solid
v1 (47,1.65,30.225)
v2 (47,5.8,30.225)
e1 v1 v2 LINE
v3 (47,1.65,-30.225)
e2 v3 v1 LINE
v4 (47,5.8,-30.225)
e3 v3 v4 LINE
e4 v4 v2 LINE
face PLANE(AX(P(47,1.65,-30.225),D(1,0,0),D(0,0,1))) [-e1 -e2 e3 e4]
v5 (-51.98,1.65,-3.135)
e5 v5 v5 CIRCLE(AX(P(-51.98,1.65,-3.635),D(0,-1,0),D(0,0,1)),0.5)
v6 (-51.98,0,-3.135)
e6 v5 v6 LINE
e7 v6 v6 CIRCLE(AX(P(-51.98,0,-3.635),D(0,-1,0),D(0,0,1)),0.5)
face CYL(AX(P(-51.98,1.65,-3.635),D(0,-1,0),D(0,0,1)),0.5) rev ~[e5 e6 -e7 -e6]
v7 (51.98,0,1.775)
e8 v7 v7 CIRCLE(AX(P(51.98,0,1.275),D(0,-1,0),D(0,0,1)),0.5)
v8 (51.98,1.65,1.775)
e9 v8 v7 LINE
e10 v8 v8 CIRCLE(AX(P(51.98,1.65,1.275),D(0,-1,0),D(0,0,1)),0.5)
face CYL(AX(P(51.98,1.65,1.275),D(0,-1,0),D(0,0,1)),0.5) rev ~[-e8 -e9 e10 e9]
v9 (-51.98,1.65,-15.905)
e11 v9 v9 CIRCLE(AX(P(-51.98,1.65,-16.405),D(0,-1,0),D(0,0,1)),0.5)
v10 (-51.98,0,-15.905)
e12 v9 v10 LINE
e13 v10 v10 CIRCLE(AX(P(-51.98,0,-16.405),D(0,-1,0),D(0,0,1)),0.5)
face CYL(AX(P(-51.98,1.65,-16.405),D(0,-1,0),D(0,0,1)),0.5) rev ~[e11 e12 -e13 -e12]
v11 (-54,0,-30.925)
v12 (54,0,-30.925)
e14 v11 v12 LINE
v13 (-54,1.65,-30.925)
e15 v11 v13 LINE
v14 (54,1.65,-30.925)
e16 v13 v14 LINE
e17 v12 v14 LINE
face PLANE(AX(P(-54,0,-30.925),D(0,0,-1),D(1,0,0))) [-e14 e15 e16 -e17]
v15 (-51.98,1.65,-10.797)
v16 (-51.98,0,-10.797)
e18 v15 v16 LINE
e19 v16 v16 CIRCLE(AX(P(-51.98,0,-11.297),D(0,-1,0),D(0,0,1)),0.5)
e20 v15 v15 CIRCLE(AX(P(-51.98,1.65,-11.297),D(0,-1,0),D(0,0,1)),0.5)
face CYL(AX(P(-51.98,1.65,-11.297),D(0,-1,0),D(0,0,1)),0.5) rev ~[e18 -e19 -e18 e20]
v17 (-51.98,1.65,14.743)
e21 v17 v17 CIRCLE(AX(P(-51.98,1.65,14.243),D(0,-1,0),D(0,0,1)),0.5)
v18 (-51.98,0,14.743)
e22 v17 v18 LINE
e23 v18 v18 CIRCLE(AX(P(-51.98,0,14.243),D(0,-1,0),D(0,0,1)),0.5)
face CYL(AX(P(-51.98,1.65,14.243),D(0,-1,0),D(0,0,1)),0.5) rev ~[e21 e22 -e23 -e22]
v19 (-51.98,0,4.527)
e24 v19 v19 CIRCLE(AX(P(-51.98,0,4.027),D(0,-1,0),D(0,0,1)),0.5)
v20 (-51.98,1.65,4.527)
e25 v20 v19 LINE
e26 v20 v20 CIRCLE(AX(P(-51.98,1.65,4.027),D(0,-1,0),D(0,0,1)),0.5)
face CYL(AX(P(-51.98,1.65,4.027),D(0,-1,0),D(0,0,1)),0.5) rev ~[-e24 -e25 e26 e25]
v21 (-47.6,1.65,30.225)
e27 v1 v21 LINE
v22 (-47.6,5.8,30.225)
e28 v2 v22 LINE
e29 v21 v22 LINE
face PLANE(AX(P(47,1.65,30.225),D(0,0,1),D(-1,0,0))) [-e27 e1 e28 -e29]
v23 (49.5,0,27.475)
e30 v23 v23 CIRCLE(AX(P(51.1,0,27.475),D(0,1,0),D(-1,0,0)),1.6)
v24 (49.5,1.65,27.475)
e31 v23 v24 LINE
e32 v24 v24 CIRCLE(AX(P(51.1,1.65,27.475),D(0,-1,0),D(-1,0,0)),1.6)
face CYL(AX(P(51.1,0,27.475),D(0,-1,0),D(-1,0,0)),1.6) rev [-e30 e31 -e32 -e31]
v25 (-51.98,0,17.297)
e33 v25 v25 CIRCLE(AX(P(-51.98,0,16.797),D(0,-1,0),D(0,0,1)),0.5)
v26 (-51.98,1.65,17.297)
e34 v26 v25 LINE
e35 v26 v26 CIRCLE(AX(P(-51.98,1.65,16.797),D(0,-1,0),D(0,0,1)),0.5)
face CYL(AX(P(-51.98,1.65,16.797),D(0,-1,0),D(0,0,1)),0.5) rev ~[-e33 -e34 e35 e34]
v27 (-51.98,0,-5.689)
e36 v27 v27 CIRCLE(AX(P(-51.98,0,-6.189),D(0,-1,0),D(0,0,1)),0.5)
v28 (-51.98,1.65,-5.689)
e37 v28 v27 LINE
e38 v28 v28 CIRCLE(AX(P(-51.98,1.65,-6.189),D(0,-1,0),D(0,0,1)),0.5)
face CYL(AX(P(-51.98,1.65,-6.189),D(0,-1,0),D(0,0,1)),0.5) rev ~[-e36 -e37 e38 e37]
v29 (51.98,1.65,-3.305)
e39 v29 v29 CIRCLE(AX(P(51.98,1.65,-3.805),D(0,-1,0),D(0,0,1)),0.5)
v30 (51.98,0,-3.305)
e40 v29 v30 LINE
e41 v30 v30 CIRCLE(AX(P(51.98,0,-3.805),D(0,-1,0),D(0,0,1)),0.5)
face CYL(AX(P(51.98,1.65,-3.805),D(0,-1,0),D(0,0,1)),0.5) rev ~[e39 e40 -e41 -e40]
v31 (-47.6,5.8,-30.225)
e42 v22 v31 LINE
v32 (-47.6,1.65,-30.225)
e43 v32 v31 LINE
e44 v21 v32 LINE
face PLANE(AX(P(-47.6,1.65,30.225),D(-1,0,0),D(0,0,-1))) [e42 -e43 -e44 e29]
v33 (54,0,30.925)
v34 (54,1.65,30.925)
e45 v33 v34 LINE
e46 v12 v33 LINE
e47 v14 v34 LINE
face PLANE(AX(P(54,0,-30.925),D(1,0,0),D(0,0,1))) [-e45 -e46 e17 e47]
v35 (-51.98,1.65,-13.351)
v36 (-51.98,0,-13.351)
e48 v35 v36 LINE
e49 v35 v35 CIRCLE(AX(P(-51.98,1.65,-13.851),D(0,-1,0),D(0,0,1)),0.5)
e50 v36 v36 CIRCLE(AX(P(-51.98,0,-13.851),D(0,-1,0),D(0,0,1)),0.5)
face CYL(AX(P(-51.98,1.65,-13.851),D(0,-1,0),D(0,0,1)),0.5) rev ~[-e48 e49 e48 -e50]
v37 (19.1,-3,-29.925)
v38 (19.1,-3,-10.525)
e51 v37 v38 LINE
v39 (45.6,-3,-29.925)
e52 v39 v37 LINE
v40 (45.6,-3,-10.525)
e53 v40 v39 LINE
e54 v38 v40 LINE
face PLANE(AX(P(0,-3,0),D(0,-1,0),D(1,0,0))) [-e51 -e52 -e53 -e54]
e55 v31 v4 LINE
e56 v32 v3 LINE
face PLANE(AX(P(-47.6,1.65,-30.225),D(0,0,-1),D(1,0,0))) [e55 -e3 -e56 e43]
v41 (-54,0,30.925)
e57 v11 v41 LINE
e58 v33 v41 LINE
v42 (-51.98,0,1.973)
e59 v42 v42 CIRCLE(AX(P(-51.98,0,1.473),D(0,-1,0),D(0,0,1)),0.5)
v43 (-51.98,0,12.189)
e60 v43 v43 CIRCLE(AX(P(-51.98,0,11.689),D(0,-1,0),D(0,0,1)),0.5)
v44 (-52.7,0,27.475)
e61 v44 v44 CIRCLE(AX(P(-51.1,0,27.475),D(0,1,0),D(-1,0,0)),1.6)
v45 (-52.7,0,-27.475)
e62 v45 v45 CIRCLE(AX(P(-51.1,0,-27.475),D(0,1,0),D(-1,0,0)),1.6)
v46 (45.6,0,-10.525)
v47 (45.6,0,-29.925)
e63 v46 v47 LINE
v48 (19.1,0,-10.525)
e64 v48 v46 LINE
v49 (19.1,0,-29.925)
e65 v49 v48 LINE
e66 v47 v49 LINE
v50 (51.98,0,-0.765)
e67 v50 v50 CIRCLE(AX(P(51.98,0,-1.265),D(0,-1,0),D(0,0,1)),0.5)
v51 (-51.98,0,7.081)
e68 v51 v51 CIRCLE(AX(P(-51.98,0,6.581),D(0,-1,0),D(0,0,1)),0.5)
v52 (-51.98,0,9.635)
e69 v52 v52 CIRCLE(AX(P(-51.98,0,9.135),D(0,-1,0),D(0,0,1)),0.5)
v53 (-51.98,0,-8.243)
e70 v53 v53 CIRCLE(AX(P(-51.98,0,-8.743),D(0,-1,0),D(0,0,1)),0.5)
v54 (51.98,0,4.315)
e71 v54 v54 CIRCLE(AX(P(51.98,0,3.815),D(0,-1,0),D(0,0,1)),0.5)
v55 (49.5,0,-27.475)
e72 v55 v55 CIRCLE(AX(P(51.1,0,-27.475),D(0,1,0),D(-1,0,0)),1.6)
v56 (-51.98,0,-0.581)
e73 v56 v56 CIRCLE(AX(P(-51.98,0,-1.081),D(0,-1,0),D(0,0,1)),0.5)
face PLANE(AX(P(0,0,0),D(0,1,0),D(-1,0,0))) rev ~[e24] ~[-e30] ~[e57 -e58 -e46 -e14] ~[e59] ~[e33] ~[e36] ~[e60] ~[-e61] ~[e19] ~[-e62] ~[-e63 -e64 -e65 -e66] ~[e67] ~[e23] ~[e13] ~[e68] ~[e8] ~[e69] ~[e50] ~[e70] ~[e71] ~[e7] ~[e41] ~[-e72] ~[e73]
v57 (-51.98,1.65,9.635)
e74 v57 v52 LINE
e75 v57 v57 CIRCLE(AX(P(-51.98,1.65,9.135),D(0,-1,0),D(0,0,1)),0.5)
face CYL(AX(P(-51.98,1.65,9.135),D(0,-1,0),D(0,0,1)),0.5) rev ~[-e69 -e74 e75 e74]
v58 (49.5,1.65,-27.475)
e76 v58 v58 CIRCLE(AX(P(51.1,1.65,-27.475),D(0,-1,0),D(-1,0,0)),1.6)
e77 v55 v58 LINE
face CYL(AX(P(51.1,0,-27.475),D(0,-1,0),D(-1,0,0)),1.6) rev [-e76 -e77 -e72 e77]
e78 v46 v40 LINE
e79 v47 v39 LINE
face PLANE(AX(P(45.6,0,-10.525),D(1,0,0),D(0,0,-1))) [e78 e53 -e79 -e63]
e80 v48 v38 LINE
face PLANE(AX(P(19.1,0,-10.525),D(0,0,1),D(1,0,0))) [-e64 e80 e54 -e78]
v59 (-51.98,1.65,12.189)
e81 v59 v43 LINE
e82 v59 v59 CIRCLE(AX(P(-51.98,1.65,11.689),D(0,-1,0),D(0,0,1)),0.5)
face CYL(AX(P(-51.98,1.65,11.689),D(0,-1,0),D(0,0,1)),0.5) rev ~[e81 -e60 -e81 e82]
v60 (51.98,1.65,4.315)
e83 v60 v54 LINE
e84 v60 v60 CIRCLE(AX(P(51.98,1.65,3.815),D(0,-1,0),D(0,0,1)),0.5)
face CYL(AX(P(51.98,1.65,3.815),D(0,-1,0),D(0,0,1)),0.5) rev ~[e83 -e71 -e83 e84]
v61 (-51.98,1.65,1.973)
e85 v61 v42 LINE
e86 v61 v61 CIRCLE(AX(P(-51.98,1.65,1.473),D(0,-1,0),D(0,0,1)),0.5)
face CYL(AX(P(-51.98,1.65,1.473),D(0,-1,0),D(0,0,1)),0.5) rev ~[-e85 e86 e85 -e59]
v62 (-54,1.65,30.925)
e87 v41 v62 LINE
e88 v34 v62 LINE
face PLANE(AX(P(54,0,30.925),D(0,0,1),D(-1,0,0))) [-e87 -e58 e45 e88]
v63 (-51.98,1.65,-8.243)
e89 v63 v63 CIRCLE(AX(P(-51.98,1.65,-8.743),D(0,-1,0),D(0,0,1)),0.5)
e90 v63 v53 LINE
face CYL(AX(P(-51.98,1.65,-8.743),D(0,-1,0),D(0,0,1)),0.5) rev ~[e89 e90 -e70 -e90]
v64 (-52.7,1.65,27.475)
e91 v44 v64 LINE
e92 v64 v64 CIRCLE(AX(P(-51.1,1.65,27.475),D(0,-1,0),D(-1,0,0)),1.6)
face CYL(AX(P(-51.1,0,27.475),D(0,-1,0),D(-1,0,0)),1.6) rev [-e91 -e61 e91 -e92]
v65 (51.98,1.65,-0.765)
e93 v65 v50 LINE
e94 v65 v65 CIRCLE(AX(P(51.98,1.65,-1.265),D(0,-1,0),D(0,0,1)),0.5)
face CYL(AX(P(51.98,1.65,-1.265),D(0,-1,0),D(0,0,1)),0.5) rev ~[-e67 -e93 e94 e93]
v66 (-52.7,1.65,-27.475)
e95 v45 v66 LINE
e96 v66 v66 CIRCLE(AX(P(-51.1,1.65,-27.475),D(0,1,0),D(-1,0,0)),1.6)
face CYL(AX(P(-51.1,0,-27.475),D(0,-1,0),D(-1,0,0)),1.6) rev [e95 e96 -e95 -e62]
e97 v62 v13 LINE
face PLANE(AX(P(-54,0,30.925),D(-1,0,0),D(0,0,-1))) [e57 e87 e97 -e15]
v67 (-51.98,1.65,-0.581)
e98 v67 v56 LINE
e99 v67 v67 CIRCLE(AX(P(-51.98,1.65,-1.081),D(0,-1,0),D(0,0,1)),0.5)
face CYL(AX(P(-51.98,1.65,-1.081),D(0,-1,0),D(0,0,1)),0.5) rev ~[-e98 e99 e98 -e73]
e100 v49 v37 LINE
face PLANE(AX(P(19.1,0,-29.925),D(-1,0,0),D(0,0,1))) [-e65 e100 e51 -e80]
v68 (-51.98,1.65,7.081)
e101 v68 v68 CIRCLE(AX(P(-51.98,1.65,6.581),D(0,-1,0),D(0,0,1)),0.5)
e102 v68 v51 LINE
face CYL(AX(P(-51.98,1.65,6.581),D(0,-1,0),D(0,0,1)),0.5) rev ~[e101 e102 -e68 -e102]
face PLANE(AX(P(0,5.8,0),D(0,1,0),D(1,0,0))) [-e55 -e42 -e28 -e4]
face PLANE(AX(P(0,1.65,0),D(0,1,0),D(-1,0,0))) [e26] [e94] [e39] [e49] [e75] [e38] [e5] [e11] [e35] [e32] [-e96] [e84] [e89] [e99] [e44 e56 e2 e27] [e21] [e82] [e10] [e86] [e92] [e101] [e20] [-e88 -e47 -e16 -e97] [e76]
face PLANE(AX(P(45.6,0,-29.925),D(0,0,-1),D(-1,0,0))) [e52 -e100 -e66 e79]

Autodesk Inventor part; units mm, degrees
ref_plane "YZ Plane" through (0, 0, 0) normal (1, 0, 0) x (0, 1, 0)
ref_plane "XZ Plane" through (0, 0, 0) normal (0, 1, 0) x (-1, 0, 0)
ref_plane "XY Plane" through (0, 0, 0) normal (0, 0, 1) x (1, 0, 0)
sketch "Boceto1" plane through (0, 0, 0) normal (0, 1, 0) x (-1, 0, 0)
  line L0 (-54, 30.925) -> (54, 30.925)
  line L1 (54, 30.925) -> (54, -30.925)
  line L2 (54, -30.925) -> (-54, -30.925)
  line L3 (-54, -30.925) -> (-54, 30.925)
  line L4 (-54, 30.925) -> (54, -30.925) construction
  line L5 (54, 30.925) -> (-54, -30.925) construction
  line L6 (54, -30.925) -> (54, -29.075)
  circle A0 centre (-51.1, -27.475) radius 1.6
  circle A1 centre (51.1, -27.475) radius 1.6
  circle A2 centre (51.1, 27.475) radius 1.6
  circle A3 centre (-51.1, 27.475) radius 1.6
  line L7 (54, 30.925) -> (54, 29.075)
  line L8 (-50.7696, -29.075) -> (-51.1, -29.075)
  line L9 (-50.7696, 29.075) -> (-51.1, 29.075)
  line L10 (51.1, 29.075) -> (50.7696, 29.075)
  point P0 (0, 0)
  dimension "d4" = 3.2
  dimension "d6" = 3.2
  dimension "d7" = 3.2
  dimension "d0" = 108
  dimension "d1" = 61.85
  dimension "d5" = 3.2
extrude "Extrusión1" add sketch "Boceto1" along normal blind 1.65
sketch "Boceto2" plane through (0, 1.65, 0) normal (0, 1, 0) x (1, 0, 0)
  line L0 (54, -30.925) -> (54, 30.925) projected
  line L1 (54, 30.925) -> (-54, 30.925) projected
  line L2 (-54, 30.925) -> (-54, -30.925) projected
  line L3 (-54, -30.925) -> (54, -30.925) projected
  circle A0 centre (51.1, 27.475) radius 1.6 projected
  circle A1 centre (-51.1, 27.475) radius 1.6 projected
  circle A2 centre (-51.1, -27.475) radius 1.6 projected
  circle A3 centre (51.1, -27.475) radius 1.6 projected
  line L4 (54, 30.925) -> (54, 5.075)
  line L5 (54, -30.925) -> (54, 30.925) projected
  line L6 (54, 5.075) -> (53.25, 5.075)
  line L7 (53.25, 5.075) -> (50.71, 5.075)
  line L8 (50.71, 5.075) -> (50.71, -5.085)
  line L9 (50.71, -5.085) -> (53.25, -5.085)
  line L10 (53.25, -5.085) -> (53.25, 5.075)
  line L11 (51.98, 5.075) -> (51.98, -5.085)
  line L12 (51.98, 5.075) -> (51.98, 3.805)
  line L13 (51.98, 3.805) -> (51.98, 1.265)
  line L14 (51.98, 1.265) -> (51.98, -1.275)
  line L15 (51.98, -1.275) -> (51.98, -3.815)
  circle A4 centre (51.98, 3.805) radius 0.5
  circle A5 centre (51.98, 1.265) radius 0.5
  circle A6 centre (51.98, -1.275) radius 0.5
  circle A7 centre (51.98, -3.815) radius 0.5
  line L16 (-54, 30.925) -> (-53.25, 30.925)
  line L17 (54, 30.925) -> (-54, 30.925) projected
  line L18 (-53.25, 30.925) -> (-53.25, 17.675)
  line L19 (-53.25, 17.675) -> (-50.71, 17.675)
  line L20 (-50.71, 17.675) -> (-50.71, -17.885)
  line L21 (-50.71, -17.885) -> (-53.25, -17.885)
  line L22 (-53.25, -17.885) -> (-53.25, 17.675)
  line L23 (-51.98, 17.675) -> (-51.98, 16.405)
  circle A8 centre (-51.98, 16.405) radius 0.5
  line L24 (-51.98, 16.405) -> (-51.98, 13.851)
  line L25 (-51.98, 15.121) -> (-51.98, 13.851)
  circle A9 centre (-51.98, 13.851) radius 0.5
  line L26 (-51.98, 13.851) -> (-51.98, 11.297)
  line L27 (-51.98, 12.567) -> (-51.98, 11.297)
  circle A10 centre (-51.98, 11.297) radius 0.5
  line L28 (-51.98, 11.297) -> (-51.98, 8.743)
  line L29 (-51.98, 8.743) -> (-51.98, 6.189)
  circle A11 centre (-51.98, 8.743) radius 0.5
  line L30 (-51.98, 6.189) -> (-51.98, 3.635)
  circle A12 centre (-51.98, 6.189) radius 0.5
  line L31 (-51.98, 3.635) -> (-51.98, 1.081)
  circle A13 centre (-51.98, 3.635) radius 0.5
  line L32 (-51.98, 1.081) -> (-51.98, -1.473)
  circle A14 centre (-51.98, 1.081) radius 0.5
  line L33 (-51.98, -1.473) -> (-51.98, -4.027)
  circle A15 centre (-51.98, -1.473) radius 0.5
  line L34 (-51.98, -4.027) -> (-51.98, -6.581)
  circle A16 centre (-51.98, -4.027) radius 0.5
  line L35 (-51.98, -6.581) -> (-51.98, -9.135)
  circle A17 centre (-51.98, -6.581) radius 0.5
  line L36 (-51.98, -9.135) -> (-51.98, -11.689)
  circle A18 centre (-51.98, -9.135) radius 0.5
  line L37 (-51.98, -11.689) -> (-51.98, -14.243)
  circle A19 centre (-51.98, -11.689) radius 0.5
  line L38 (-51.98, -14.243) -> (-51.98, -16.797)
  circle A20 centre (-51.98, -14.243) radius 0.5
  line L39 (-51.98, -16.797) -> (-51.98, -19.351)
  circle A21 centre (-51.98, -16.797) radius 0.5
  point P0 (0, 0)
  dimension "d11" = 25.85
  dimension "d12" = 0.75
  dimension "d13" = 2.54
  dimension "d14" = 10.16
  dimension "d15" = 1.27
  dimension "d16" = 2.54
  dimension "d17" = 2.54
  dimension "d18" = 2.54
  dimension "d19" = 1
  dimension "d20" = 1
  dimension "d21" = 1
  dimension "d22" = 1
  dimension "d30" = 0.75
  dimension "d31" = 13.25
  dimension "d32" = 2.54
  dimension "d33" = 35.56
  dimension "d34" = 1.27
  dimension "d35" = 1
  dimension "d36" = 2.554
  dimension "d37" = 1.27
  dimension "d38" = 1
  dimension "d39" = 2.554
  dimension "d40" = 1.27
  dimension "d41" = 1
  dimension "d42" = 2.554
  dimension "d43" = 1
  dimension "d44" = 2.554
  dimension "d45" = 1
  dimension "d46" = 2.554
  dimension "d47" = 1
  dimension "d48" = 2.554
  dimension "d49" = 1
  dimension "d50" = 2.554
  dimension "d51" = 1
  dimension "d52" = 2.554
  dimension "d53" = 1
  dimension "d54" = 2.554
  dimension "d55" = 1
  dimension "d56" = 2.554
  dimension "d57" = 1
  dimension "d58" = 2.554
  dimension "d59" = 1
  dimension "d60" = 2.554
  dimension "d61" = 1
  dimension "d62" = 2.554
  dimension "d63" = 1
  dimension "d64" = 2.554
hole "Agujero1" at (51.98, 1.65, -3.805) at (51.98, 1.65, -1.265) at (51.98, 1.65, 1.275) at (51.98, 1.65, 3.815) at (-51.98, 1.65, -16.405) at (-51.98, 1.65, -13.851) at (-51.98, 1.65, -11.297) at (-51.98, 1.65, -8.743) at (-51.98, 1.65, -6.189) at (-51.98, 1.65, -3.635) at (-51.98, 1.65, -1.081) at (-51.98, 1.65, 1.473) at (-51.98, 1.65, 4.027) at (-51.98, 1.65, 6.581) at (-51.98, 1.65, 9.135) at (-51.98, 1.65, 11.689) at (-51.98, 1.65, 14.243) at (-51.98, 1.65, 16.797) direction (0, -1, 0) diameter 1 end through all
sketch "Boceto3" plane through (0, 1.65, 0) normal (0, 1, 0) x (1, 0, 0)
  circle A0 centre (-51.98, -16.797) radius 0.5 projected
  circle A1 centre (-51.98, -14.243) radius 0.5 projected
  circle A2 centre (-51.98, -11.689) radius 0.5 projected
  circle A3 centre (-51.98, -9.135) radius 0.5 projected
  circle A4 centre (-51.98, -6.581) radius 0.5 projected
  circle A5 centre (-51.98, -4.027) radius 0.5 projected
  circle A6 centre (-51.98, -1.473) radius 0.5 projected
  circle A7 centre (-51.98, 1.081) radius 0.5 projected
  circle A8 centre (-51.98, 3.635) radius 0.5 projected
  circle A9 centre (-51.98, 6.189) radius 0.5 projected
  circle A10 centre (-51.98, 8.743) radius 0.5 projected
  circle A11 centre (-51.98, 11.297) radius 0.5 projected
  circle A12 centre (-51.98, 13.851) radius 0.5 projected
  circle A13 centre (-51.98, 16.405) radius 0.5 projected
  circle A14 centre (51.98, -3.815) radius 0.5 projected
  circle A15 centre (51.98, -1.275) radius 0.5 projected
  circle A16 centre (51.98, 1.265) radius 0.5 projected
  circle A17 centre (51.98, 3.805) radius 0.5 projected
  line L0 (54, -30.925) -> (54, 30.925) projected
  line L1 (54, 30.925) -> (-54, 30.925) projected
  line L2 (-54, 30.925) -> (-54, -30.925) projected
  line L3 (-54, -30.925) -> (54, -30.925) projected
  circle A18 centre (51.1, 27.475) radius 1.6 projected
  circle A19 centre (-51.1, 27.475) radius 1.6 projected
  circle A20 centre (-51.1, -27.475) radius 1.6 projected
  circle A21 centre (51.1, -27.475) radius 1.6 projected
  line L4 (-51.98, 17.675) -> (-50.71, 17.675)
  line L5 (-50.71, 17.675) -> (-53.25, 17.675)
  line L6 (-53.25, 17.675) -> (-53.25, -17.885)
  line L7 (-53.25, -17.885) -> (-50.71, -17.885)
  line L8 (-50.71, -17.885) -> (-50.71, 17.675)
  line L9 (-53.25, 17.675) -> (-53.25, 15.135)
  line L10 (-53.25, 15.135) -> (-50.71, 15.135)
  line L11 (51.98, 5.075) -> (53.25, 5.075)
  line L12 (53.25, 5.075) -> (50.71, 5.075)
  line L13 (50.71, 5.075) -> (50.71, -5.085)
  line L14 (50.71, -5.085) -> (53.25, -5.085)
  line L15 (53.25, -5.085) -> (53.25, 5.075)
  line L16 (50.71, -5.085) -> (50.71, -4.818)
  line L17 (50.71, 5.075) -> (50.71, 2.535)
  line L18 (50.71, 2.535) -> (53.25, 2.535)
  line L19 (54, 30.925) -> (-54, 30.925) projected
  line L20 (-47.6, 30.225) -> (47, 30.225)
  line L21 (47, 30.225) -> (47, -30.225)
  line L22 (47, -30.225) -> (-47.6, -30.225)
  line L23 (-47.6, -30.225) -> (-47.6, 30.225)
  point P0 (0, 0)
sketch "Boceto4" plane through (0, 1.65, 0) normal (0, 1, 0) x (1, 0, 0)
  line L0 (-47.6, -30.225) -> (-47.6, 30.225) projected
  line L1 (47, 30.225) -> (47, -30.225) projected
  line L2 (-47.6, 30.225) -> (47, 30.225) projected
  line L3 (47, -30.225) -> (-47.6, -30.225) projected
  point P0 (0, 0)
extrude "Extrusión2" add sketch "Boceto4" along normal blind 4.15
sketch "Boceto5" plane through (0, 0, 0) normal (0, -1, 0) x (1, 0, 0)
  circle A0 centre (-51.98, 16.797) radius 0.5 projected
  circle A1 centre (-51.98, 14.243) radius 0.5 projected
  circle A2 centre (-51.98, 11.689) radius 0.5 projected
  circle A3 centre (-51.98, 9.135) radius 0.5 projected
  circle A4 centre (-51.98, 6.581) radius 0.5 projected
  circle A5 centre (-51.98, 4.027) radius 0.5 projected
  circle A6 centre (-51.98, 1.473) radius 0.5 projected
  circle A7 centre (-51.98, -1.081) radius 0.5 projected
  circle A8 centre (-51.98, -3.635) radius 0.5 projected
  circle A9 centre (-51.98, -6.189) radius 0.5 projected
  circle A10 centre (-51.98, -8.743) radius 0.5 projected
  circle A11 centre (-51.98, -11.297) radius 0.5 projected
  circle A12 centre (-51.98, -13.851) radius 0.5 projected
  circle A13 centre (-51.98, -16.405) radius 0.5 projected
  circle A14 centre (51.98, 3.815) radius 0.5 projected
  circle A15 centre (51.98, 1.275) radius 0.5 projected
  circle A16 centre (51.98, -1.265) radius 0.5 projected
  circle A17 centre (51.98, -3.805) radius 0.5 projected
  line L0 (54, 30.925) -> (54, -30.925) projected
  line L1 (-54, 30.925) -> (54, 30.925) projected
  line L2 (-54, -30.925) -> (-54, 30.925) projected
  line L3 (54, -30.925) -> (-54, -30.925) projected
  circle A18 centre (51.1, -27.475) radius 1.6 projected
  circle A19 centre (-51.1, -27.475) radius 1.6 projected
  circle A20 centre (-51.1, 27.475) radius 1.6 projected
  circle A21 centre (51.1, 27.475) radius 1.6 projected
  line L4 (54, -30.925) -> (45.6, -30.925)
  line L5 (45.6, -30.925) -> (19.1, -30.925)
  line L6 (19.1, -30.925) -> (19.1, -10.525)
  line L7 (19.1, -10.525) -> (45.6, -10.525)
  line L8 (45.6, -10.525) -> (45.6, -30.925)
  line L9 (45.6, -30.925) -> (45.6, -29.925)
  line L10 (45.6, -29.925) -> (19.1, -29.925)
  point P0 (0, 0)
  dimension "d81" = 8.4
  dimension "d82" = 26.5
  dimension "d83" = 20.4
  dimension "d86" = 1
extrude "Extrusión3" add sketch "Boceto5" along normal blind 3 contours L10 L6 L7 L8
properties part number "ILI9488"
